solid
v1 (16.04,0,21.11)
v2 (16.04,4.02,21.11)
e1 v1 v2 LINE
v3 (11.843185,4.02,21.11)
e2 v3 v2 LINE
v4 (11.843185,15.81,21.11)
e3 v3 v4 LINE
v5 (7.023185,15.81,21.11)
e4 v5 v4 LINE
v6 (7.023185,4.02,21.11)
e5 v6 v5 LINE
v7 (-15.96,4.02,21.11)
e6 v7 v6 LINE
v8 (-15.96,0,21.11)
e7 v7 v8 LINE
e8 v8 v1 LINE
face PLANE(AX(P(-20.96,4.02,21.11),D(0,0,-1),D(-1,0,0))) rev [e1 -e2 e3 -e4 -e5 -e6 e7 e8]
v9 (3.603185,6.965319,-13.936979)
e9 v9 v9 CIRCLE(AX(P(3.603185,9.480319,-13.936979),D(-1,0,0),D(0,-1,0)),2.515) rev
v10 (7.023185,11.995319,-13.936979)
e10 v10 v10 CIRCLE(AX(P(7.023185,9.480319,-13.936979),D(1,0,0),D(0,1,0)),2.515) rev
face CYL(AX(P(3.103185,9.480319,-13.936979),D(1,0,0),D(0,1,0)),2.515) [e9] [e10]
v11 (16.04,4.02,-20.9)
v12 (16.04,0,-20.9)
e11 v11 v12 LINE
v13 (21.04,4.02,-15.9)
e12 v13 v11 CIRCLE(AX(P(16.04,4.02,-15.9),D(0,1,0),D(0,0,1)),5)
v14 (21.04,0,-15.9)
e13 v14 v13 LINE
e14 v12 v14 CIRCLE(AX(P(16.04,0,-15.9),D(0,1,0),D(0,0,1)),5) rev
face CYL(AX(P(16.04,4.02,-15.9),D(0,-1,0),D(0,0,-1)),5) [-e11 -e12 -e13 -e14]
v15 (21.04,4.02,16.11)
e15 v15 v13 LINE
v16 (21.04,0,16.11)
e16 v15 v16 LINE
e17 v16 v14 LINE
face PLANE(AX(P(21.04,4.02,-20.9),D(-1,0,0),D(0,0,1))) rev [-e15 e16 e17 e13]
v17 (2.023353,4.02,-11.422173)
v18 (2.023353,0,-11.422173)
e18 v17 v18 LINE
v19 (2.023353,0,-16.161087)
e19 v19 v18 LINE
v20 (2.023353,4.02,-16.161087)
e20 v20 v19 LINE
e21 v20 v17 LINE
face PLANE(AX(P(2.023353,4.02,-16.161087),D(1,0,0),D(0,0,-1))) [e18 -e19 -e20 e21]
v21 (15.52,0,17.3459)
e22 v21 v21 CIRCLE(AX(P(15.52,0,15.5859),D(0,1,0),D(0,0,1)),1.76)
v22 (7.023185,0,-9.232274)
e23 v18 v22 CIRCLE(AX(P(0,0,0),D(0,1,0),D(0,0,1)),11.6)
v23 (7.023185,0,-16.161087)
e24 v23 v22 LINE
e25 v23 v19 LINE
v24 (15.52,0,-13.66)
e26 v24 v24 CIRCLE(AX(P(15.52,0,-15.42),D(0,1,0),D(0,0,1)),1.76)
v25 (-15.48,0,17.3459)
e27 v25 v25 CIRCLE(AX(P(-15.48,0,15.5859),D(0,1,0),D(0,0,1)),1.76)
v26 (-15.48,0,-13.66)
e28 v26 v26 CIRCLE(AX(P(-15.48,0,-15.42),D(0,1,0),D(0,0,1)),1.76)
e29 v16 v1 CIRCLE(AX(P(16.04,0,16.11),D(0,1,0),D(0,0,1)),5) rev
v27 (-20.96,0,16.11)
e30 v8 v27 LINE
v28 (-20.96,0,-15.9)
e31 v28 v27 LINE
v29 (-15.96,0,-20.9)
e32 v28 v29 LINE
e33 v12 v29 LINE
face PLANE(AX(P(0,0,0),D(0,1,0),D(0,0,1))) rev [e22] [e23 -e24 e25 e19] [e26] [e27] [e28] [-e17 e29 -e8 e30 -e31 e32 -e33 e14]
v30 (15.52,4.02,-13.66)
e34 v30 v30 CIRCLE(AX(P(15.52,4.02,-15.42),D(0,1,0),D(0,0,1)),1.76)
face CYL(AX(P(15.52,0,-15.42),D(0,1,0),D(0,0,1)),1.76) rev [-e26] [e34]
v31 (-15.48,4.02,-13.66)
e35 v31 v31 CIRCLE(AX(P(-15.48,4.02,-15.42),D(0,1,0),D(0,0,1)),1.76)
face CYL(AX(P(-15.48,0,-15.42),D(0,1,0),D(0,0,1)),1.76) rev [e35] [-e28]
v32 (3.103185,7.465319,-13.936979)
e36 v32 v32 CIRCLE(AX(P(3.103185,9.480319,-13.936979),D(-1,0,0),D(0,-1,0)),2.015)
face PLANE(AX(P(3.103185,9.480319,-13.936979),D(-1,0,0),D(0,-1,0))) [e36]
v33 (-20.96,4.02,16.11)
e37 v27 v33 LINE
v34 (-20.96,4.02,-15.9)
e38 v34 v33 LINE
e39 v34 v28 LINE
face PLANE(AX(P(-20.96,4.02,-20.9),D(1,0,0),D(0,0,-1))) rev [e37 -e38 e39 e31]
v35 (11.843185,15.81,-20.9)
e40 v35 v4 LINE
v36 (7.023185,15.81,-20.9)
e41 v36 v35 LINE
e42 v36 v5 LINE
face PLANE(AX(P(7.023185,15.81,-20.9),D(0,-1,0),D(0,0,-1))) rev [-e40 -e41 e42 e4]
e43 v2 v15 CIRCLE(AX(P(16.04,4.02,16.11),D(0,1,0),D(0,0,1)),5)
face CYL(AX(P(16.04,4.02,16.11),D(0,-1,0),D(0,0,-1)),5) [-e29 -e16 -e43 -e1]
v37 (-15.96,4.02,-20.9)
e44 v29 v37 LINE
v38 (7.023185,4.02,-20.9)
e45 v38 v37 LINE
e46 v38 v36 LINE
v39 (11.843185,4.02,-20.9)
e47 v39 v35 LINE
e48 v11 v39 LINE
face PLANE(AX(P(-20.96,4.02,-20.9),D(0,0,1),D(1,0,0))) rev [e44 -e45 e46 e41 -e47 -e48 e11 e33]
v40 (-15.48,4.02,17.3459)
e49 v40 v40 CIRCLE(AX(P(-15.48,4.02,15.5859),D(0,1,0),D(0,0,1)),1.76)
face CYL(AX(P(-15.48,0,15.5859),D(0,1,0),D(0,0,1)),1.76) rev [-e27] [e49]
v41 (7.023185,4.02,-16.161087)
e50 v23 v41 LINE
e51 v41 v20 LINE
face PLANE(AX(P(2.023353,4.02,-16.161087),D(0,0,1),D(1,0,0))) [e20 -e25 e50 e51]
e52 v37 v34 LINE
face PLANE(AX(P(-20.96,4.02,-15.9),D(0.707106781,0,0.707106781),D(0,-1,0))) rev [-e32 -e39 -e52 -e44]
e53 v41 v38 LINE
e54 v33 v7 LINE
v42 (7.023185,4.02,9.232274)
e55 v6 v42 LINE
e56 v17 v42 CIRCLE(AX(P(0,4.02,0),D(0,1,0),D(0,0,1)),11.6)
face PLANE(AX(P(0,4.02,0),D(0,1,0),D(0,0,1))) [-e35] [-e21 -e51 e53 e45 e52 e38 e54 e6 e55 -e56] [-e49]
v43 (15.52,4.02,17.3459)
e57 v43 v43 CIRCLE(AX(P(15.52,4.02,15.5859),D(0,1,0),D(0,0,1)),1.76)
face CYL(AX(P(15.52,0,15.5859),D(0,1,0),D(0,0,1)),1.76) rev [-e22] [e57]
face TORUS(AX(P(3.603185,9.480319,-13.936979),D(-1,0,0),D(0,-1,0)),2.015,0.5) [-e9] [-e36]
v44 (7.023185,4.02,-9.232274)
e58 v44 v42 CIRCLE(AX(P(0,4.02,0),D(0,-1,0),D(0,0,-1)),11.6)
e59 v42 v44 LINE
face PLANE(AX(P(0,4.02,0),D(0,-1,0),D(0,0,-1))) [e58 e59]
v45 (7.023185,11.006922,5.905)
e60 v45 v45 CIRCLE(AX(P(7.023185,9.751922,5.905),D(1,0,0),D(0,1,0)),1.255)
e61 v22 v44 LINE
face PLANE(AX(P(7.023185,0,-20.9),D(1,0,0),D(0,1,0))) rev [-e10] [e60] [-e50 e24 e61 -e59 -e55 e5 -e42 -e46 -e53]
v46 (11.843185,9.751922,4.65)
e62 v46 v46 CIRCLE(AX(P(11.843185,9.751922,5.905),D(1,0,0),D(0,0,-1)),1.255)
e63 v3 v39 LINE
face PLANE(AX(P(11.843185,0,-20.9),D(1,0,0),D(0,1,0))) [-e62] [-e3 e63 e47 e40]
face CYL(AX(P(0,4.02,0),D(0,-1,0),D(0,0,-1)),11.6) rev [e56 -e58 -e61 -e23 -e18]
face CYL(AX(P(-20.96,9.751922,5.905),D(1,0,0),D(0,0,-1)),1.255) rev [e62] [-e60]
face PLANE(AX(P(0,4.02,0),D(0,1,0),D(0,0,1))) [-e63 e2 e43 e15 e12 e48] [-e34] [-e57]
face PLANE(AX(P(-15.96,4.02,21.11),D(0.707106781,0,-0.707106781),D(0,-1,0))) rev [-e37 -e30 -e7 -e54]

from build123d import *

# Parameters (mm, degrees)
SKETCH2_W           = 42
SKETCH2_H           = 42.01
BOSS_EXTRUDE2_DEPTH = 4.02
SKETCH3_W           = 4.82
SKETCH3_H           = 15.81
BOSS_EXTRUDE3_DEPTH = 42.01
SKETCH4_R           = 11.6
CUT_EXTRUDE1_DEPTH  = 4.02
SKETCH5_R           = 1.255
CUT_EXTRUDE2_DEPTH  = 33.803184685
CHAMFER1_SIZE       = 5
SKETCH6_R           = 1.76
CUT_EXTRUDE3_DEPTH  = 4.02
FILLET1_R           = 5
SKETCH7_R           = 2.515
BOSS_EXTRUDE4_DEPTH = 3.92
FILLET3_R           = 0.5


with BuildPart() as part:
    # Sketch2 → Boss-Extrude2 (new body)
    with BuildSketch(Plane(origin=(0, 0, 0), x_dir=(1, 0, 0), z_dir=(0, 1, 0))):
        with Locations((0.04, -0.105)):
            Rectangle(SKETCH2_W, SKETCH2_H)
        with BuildLine():
            Line((2.023352998, 16.161086645), (2.023352998, 11.422173289))
            ThreePointArc((2.023352998, 11.422173289), (-7.967970915, -8.430387861), (11.29, 2.663813057))
            Line((11.29, 2.663813057), (11.29, 16.161086645))
            Line((11.29, 16.161086645), (4.04, 16.161086645))
            Line((4.04, 16.161086645), (2.023352998, 16.161086645))
        make_face(mode=Mode.SUBTRACT)
    extrude(amount=BOSS_EXTRUDE2_DEPTH)

    # Sketch3 → Boss-Extrude3 (add)
    with BuildSketch(Plane.XY.offset(21.11)):
        with Locations((9.433184685, 7.905)):
            Rectangle(SKETCH3_W, SKETCH3_H)
    extrude(amount=-BOSS_EXTRUDE3_DEPTH)

    # Sketch4 → Cut-Extrude1 (cut)
    with BuildSketch(Plane.XZ):
        Circle(SKETCH4_R)
    extrude(amount=-CUT_EXTRUDE1_DEPTH, mode=Mode.SUBTRACT)

    # Sketch5 → Cut-Extrude2 (cut, through all)
    with BuildSketch(Plane(origin=(11.843184685, 0, 0), x_dir=(0, 0, -1), z_dir=(1, 0, 0))):
        with Locations((-5.905, 9.751921695)):
            Circle(SKETCH5_R)
    extrude(amount=-CUT_EXTRUDE2_DEPTH, mode=Mode.SUBTRACT)

    # Chamfer1
    chamfer1_edges = [part.edges().sort_by_distance(p)[0] for p in [
        (-20.96, 2.01, -20.9),
        (-20.96, 2.01, 21.11),
    ]]
    chamfer(chamfer1_edges, length=CHAMFER1_SIZE)

    # Sketch6 → Cut-Extrude3 (cut)
    with BuildSketch(Plane(origin=(0, 4.02, 0), x_dir=(1, 0, 0), z_dir=(0, 1, 0))):
        with Locations((-15.48, 15.42)):
            Circle(SKETCH6_R)
        with Locations((15.52, 15.42)):
            Circle(SKETCH6_R)
        with Locations((-15.48, -15.585900263)):
            Circle(SKETCH6_R)
        with Locations((15.52, -15.585900263)):
            Circle(SKETCH6_R)
    extrude(amount=-CUT_EXTRUDE3_DEPTH, mode=Mode.SUBTRACT)

    # Fillet1
    fillet1_edges = [part.edges().sort_by_distance(p)[0] for p in [
        (21.04, 2.01, -20.9),
        (21.04, 2.01, 21.11),
    ]]
    fillet(fillet1_edges, radius=FILLET1_R)

    # Sketch7 → Boss-Extrude4 (add)
    with BuildSketch(Plane.ZY.offset(-7.023184685)):
        with Locations((-13.936978862, 9.480319198)):
            Circle(SKETCH7_R)
    extrude(amount=BOSS_EXTRUDE4_DEPTH)

    # Fillet3
    fillet3_edges = [part.edges().sort_by_distance(p)[0] for p in [
        (3.103184685, 9.480319198, -16.451978862),
    ]]
    fillet(fillet3_edges, radius=FILLET3_R)


solid = part.part
